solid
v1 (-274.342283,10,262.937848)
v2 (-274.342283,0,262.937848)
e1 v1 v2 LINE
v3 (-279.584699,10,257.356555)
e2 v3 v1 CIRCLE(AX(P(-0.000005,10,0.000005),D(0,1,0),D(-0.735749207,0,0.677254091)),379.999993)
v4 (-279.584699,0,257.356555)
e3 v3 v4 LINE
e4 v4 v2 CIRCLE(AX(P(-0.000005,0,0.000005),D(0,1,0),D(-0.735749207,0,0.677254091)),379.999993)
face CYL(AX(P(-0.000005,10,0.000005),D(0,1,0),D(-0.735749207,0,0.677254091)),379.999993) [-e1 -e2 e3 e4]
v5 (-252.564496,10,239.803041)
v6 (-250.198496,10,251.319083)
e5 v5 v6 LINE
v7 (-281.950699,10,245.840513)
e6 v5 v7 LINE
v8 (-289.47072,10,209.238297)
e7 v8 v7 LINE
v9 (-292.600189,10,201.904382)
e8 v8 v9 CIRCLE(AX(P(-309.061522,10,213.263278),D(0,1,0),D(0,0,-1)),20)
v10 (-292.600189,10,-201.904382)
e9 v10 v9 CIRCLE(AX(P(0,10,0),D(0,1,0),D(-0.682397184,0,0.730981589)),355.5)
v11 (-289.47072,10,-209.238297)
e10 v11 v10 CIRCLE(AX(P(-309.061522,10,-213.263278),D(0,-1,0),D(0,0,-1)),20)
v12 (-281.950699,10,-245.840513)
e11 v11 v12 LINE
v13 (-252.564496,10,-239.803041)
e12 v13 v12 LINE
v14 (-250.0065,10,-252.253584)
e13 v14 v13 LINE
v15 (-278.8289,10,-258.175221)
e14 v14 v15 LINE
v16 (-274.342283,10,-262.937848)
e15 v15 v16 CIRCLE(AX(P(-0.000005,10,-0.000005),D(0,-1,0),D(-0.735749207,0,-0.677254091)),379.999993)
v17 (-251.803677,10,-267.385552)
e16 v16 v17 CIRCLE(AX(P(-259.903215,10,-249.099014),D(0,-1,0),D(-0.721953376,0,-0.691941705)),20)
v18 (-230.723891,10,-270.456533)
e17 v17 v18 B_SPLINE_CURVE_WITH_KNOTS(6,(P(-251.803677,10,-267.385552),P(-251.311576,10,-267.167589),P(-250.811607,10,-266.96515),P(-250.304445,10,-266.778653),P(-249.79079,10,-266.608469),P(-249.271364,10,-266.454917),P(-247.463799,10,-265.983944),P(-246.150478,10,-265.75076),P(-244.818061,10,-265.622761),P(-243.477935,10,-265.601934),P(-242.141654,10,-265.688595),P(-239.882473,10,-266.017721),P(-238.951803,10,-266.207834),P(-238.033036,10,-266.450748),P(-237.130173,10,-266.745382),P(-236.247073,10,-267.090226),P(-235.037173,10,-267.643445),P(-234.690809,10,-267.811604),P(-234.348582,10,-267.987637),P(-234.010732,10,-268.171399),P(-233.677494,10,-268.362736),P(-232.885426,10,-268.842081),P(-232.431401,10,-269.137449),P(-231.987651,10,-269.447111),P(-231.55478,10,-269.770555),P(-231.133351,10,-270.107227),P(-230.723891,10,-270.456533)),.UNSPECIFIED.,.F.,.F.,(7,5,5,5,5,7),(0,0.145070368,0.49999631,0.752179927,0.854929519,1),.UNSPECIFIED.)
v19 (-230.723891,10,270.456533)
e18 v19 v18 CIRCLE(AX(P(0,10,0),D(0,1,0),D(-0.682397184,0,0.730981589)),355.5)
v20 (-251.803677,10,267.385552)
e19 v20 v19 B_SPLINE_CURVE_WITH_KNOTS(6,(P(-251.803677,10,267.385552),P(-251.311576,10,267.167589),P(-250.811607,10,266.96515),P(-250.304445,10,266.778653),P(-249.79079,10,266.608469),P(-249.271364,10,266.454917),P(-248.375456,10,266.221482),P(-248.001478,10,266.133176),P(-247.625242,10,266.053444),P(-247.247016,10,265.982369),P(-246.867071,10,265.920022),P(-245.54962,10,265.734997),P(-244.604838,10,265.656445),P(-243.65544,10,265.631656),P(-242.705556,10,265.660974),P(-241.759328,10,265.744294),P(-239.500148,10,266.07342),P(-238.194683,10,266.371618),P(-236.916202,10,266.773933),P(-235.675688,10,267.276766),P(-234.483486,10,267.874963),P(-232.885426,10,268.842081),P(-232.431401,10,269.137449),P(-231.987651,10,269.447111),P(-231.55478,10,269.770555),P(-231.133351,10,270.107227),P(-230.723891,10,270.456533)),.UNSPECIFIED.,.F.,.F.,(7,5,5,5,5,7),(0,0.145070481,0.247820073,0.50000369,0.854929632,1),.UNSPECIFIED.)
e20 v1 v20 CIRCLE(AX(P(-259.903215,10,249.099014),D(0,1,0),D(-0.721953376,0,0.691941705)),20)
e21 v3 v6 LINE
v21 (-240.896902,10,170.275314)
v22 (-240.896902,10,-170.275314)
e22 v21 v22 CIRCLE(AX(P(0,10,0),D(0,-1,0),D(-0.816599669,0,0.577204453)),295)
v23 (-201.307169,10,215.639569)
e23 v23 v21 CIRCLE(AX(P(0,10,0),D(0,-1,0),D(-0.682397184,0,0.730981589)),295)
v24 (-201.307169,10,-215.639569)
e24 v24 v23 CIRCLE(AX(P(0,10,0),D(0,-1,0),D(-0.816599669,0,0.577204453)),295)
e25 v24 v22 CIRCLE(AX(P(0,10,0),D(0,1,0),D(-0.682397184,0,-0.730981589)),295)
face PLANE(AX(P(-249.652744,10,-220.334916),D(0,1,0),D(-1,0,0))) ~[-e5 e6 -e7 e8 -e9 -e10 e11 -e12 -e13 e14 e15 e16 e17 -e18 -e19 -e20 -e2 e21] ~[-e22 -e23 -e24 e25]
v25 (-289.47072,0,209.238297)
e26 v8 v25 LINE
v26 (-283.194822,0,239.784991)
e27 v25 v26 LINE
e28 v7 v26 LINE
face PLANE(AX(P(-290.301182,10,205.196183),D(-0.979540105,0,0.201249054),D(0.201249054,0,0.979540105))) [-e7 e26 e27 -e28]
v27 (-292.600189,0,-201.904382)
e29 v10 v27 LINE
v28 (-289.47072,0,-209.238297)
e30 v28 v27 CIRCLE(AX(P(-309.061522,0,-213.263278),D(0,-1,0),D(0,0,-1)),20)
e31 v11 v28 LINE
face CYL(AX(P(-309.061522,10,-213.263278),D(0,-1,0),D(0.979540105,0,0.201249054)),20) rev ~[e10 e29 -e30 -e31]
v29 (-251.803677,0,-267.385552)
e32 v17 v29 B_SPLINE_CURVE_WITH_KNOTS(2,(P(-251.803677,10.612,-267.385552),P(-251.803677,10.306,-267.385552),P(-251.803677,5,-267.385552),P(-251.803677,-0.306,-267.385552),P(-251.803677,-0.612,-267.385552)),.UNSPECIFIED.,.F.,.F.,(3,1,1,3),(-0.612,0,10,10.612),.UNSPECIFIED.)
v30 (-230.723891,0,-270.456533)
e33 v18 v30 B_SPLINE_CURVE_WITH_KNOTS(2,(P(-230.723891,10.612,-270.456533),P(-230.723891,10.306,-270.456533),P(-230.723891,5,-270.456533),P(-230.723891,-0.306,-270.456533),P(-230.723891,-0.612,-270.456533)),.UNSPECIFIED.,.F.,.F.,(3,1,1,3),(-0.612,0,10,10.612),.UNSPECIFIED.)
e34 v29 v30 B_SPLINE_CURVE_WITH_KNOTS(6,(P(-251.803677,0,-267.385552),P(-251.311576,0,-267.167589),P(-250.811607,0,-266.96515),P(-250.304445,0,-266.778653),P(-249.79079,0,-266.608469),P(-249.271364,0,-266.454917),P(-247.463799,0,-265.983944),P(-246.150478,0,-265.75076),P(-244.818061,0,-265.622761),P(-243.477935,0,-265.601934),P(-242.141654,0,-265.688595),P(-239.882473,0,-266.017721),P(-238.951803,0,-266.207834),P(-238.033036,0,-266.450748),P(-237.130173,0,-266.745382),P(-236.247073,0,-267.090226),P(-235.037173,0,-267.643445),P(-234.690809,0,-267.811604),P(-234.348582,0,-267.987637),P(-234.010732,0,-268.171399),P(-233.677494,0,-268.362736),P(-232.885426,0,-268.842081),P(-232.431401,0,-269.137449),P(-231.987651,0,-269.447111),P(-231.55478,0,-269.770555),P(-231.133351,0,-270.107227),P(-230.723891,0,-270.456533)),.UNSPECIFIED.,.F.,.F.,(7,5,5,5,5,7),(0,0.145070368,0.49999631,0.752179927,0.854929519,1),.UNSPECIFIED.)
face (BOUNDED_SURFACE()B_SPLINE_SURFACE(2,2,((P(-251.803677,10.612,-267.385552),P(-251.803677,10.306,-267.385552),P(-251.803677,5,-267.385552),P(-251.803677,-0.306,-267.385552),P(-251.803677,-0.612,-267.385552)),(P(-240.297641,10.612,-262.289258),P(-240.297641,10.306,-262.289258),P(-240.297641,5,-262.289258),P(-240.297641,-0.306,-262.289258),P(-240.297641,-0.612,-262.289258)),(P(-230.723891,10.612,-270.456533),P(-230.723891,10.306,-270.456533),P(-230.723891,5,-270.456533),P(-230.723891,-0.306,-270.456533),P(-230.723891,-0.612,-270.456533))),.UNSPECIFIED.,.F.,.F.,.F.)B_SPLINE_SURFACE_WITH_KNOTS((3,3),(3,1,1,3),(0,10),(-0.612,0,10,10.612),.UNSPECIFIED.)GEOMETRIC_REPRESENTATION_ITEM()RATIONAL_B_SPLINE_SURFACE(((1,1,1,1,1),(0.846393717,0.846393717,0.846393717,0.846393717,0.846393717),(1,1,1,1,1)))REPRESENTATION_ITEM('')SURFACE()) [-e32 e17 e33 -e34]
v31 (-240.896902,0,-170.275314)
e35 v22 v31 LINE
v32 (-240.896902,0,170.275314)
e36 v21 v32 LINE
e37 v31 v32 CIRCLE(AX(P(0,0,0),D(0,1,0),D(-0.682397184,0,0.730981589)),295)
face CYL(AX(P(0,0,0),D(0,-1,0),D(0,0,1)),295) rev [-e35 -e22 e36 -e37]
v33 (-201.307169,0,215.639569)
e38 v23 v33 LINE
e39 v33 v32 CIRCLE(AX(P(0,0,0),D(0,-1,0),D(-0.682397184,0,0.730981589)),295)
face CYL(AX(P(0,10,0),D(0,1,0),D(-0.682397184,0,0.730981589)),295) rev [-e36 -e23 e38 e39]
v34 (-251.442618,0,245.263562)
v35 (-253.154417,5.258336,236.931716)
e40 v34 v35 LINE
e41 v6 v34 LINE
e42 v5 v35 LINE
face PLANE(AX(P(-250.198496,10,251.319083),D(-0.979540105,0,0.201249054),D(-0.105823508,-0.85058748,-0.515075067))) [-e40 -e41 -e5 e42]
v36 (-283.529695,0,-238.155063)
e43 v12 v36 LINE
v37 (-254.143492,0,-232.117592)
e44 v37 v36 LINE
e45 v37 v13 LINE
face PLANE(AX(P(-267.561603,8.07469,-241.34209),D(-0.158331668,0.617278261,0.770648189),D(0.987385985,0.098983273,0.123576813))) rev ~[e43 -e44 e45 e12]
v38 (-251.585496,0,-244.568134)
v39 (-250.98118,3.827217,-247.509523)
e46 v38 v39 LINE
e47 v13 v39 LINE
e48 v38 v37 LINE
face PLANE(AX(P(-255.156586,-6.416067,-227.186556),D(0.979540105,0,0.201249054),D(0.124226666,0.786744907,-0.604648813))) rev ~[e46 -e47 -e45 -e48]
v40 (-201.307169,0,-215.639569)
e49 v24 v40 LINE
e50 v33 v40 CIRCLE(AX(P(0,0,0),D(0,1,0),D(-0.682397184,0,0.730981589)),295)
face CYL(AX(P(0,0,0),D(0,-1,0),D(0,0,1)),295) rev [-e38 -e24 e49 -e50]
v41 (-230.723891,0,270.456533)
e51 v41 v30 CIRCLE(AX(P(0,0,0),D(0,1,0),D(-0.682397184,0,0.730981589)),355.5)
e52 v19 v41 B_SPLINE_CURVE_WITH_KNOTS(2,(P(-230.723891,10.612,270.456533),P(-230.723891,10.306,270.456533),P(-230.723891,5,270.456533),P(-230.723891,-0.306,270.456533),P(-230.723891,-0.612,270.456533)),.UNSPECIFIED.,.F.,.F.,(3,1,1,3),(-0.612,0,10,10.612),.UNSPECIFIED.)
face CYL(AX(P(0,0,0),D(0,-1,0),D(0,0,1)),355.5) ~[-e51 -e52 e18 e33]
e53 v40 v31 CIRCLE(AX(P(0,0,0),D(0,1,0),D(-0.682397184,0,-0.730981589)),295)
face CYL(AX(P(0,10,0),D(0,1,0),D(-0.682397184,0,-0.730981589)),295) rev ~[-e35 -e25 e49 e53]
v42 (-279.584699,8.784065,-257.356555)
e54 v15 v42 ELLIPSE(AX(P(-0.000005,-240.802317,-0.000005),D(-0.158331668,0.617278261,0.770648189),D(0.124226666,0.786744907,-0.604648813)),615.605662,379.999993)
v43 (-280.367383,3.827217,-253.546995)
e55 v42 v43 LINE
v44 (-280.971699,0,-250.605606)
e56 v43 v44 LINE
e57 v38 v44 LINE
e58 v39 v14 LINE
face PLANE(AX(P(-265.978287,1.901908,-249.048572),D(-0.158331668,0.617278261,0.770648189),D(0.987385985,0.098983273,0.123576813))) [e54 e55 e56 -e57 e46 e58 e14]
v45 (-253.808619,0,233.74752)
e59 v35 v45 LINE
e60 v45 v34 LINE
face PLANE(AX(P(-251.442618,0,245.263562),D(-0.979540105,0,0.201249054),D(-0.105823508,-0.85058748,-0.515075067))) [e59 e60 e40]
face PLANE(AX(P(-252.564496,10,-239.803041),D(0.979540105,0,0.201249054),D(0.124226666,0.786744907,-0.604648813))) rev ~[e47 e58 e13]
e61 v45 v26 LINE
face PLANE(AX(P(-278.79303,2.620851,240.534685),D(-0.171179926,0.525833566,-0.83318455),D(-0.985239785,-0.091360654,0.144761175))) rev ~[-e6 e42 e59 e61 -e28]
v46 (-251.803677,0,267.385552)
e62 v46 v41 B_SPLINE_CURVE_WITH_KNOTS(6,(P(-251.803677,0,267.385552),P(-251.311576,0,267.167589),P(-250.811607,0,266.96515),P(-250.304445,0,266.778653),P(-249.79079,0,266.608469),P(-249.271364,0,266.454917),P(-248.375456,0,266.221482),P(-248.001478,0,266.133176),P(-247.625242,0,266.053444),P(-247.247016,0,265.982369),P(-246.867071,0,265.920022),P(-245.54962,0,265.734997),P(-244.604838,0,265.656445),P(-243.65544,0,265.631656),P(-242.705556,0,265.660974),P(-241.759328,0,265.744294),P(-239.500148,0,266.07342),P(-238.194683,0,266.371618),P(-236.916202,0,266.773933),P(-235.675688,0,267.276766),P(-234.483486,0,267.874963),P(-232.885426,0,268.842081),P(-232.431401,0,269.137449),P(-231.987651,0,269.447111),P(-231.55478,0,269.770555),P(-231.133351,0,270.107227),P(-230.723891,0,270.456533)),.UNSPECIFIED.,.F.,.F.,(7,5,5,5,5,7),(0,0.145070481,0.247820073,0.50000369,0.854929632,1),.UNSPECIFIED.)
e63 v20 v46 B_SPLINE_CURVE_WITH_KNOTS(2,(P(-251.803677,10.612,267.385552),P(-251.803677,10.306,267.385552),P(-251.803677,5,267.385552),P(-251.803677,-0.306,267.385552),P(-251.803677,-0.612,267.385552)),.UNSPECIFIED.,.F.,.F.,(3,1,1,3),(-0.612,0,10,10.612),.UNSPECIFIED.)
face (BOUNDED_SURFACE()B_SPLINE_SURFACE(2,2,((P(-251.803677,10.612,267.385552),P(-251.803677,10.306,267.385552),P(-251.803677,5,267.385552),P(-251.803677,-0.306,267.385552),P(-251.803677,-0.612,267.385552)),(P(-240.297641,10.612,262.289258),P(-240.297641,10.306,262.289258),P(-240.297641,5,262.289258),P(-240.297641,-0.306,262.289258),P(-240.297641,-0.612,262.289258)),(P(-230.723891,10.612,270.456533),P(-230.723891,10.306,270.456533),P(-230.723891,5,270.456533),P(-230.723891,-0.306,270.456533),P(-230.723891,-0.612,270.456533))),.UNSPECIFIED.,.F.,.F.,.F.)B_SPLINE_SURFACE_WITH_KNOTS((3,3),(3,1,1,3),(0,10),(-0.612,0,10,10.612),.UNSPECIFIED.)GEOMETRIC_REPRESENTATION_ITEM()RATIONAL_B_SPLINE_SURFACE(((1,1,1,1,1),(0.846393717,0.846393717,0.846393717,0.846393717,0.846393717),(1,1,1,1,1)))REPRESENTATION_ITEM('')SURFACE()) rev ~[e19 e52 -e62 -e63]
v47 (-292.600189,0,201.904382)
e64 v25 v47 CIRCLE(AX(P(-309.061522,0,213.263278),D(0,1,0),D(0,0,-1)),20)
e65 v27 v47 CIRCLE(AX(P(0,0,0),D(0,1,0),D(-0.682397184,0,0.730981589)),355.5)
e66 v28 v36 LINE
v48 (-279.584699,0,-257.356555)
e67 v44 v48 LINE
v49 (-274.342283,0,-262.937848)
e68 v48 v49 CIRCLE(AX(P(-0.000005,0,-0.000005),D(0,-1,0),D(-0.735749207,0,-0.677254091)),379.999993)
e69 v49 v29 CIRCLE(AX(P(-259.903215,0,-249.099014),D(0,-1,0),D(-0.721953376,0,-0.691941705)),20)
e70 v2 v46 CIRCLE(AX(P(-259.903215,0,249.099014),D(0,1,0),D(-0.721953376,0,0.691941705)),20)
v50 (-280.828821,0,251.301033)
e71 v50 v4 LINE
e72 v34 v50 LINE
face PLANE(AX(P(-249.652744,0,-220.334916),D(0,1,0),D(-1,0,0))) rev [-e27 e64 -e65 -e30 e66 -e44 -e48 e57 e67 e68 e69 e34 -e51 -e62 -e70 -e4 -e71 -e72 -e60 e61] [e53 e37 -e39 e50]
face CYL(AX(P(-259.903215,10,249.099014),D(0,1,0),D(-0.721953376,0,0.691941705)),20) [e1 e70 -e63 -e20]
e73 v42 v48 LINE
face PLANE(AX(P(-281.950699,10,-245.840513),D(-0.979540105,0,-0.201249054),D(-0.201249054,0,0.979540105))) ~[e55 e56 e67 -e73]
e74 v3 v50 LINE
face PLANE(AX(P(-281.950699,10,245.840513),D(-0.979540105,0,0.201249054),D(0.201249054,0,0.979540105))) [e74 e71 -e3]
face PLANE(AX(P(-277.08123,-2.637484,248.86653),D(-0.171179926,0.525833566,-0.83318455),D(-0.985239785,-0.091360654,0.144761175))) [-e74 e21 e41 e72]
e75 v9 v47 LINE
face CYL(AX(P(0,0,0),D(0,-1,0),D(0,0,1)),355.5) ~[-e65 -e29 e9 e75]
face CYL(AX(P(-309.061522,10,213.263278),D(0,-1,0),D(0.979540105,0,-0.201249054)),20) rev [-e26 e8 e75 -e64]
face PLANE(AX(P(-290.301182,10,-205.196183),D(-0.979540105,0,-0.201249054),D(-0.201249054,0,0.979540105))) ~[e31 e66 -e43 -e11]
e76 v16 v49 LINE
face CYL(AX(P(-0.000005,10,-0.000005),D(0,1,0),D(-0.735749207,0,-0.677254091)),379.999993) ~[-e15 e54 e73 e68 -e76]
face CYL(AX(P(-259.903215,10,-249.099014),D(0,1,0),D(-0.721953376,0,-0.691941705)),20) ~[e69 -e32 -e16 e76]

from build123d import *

# Parameters (mm, degrees)
SKETCH1_R            = 355.5
SKETCH1_R_2          = 295
BOSS_EXTRUDE1_DEPTH  = 10
BOSS_EXTRUDE2_DEPTH  = 10
FILLET1_R            = 20
CUT_EXTRUDE2_DEPTH   = 10
FILLET1_OF_MIRROR1_R = 20
CUT_EXTRUDE3_DEPTH   = 10


with BuildPart() as part:
    # Sketch1 → Boss-Extrude1 (new body)
    with BuildSketch(Plane(origin=(0, 0, 0), x_dir=(1, 0, 0), z_dir=(0, 1, 0))):
        with Locations(Location((0, 0, 0), (0, 0, 270))):
            Circle(SKETCH1_R)
        with Locations(Location((0, 0, 0), (0, 0, 270))):
            Circle(SKETCH1_R_2, mode=Mode.SUBTRACT)
    extrude(amount=BOSS_EXTRUDE1_DEPTH)

    # Sketch2 → Boss-Extrude2 (add)
    with BuildSketch(Plane(origin=(0, 10, 0), x_dir=(1, 0, 0), z_dir=(0, 1, 0))):
        with BuildLine():
            Line((-245.283583567, -262.746957418), (-201.307169156, -215.639568833))
            ThreePointArc((-201.307169156, -215.639568833), (-222.262433031, -193.970128791), (-240.896902392, -170.27531359))
            Line((-240.896902392, -170.27531359), (-290.301182374, -205.196182987))
            Line((-290.301182374, -205.196182987), (-281.950699468, -245.840512698))
            Line((-281.950699468, -245.840512698), (-279.584698805, -257.356554597))
            ThreePointArc((-279.584698805, -257.356554597), (-276.977549571, -260.160406353), (-274.342282872, -262.937847843))
            ThreePointArc((-274.342282872, -262.937847843), (-259.771835552, -269.098582225), (-245.283583567, -262.746957418))
        make_face()
    boss_extrude2 = extrude(amount=-BOSS_EXTRUDE2_DEPTH)

    # Fillet1
    fillet1_edges = [part.edges().sort_by_distance(p)[0] for p in [
        (-242.592198763, 5, 259.863954983),
        (-290.301182374, 5, 205.196182987),
    ]]
    fillet(fillet1_edges, radius=FILLET1_R)

    # Sketch5 → Cut-Extrude2 (cut)
    with BuildSketch(Plane(origin=(27.612671151, -84.821098534, 134.399234523), x_dir=(0.9852397845422893, 0.0913606537099085, -0.14476117541924585), z_dir=(0.17117992567781853, -0.5258335661753164, 0.8331845496216823))):
        Polygon((-283.235912451, 130.899924333), (-284.869220227, 115.781445421), (-336.691704543, 117.064133397), (-330.542349464, 147.835610422), (-311.799599221, 145.810758591), (-281.973151258, 142.588492009), align=None)
    extrude(amount=-CUT_EXTRUDE2_DEPTH, mode=Mode.SUBTRACT)

    # Mirror1: Boss-Extrude2 across plane
    add(boss_extrude2.mirror(Plane.XY))

    # Fillet1 of Mirror1
    fillet1_of_mirror1_edges = [part.edges().sort_by_distance(p)[0] for p in [
        (-242.592198763, 5, -259.863954983),
        (-290.301182374, 5, -205.196182987),
    ]]
    fillet(fillet1_of_mirror1_edges, radius=FILLET1_OF_MIRROR1_R)

    # Sketch7 → Cut-Extrude3 (cut)
    with BuildSketch(Plane(origin=(21.951425264, -85.580716552, -106.844235968), x_dir=(0.9873859847265816, 0.0989832733999036, 0.12357681316719149), z_dir=(-0.1583316682332344, 0.6172782613106412, 0.7706481888305408))):
        Polygon((-278.02290676, 157.72118356), (-276.013481271, 173.565711271), (-305.775097923, 177.340121727), (-307.784523411, 161.495594016), (-310.409727388, 140.795589263), (-280.648110736, 137.021178806), align=None)
    extrude(amount=-CUT_EXTRUDE3_DEPTH, mode=Mode.SUBTRACT)


solid = part.part
